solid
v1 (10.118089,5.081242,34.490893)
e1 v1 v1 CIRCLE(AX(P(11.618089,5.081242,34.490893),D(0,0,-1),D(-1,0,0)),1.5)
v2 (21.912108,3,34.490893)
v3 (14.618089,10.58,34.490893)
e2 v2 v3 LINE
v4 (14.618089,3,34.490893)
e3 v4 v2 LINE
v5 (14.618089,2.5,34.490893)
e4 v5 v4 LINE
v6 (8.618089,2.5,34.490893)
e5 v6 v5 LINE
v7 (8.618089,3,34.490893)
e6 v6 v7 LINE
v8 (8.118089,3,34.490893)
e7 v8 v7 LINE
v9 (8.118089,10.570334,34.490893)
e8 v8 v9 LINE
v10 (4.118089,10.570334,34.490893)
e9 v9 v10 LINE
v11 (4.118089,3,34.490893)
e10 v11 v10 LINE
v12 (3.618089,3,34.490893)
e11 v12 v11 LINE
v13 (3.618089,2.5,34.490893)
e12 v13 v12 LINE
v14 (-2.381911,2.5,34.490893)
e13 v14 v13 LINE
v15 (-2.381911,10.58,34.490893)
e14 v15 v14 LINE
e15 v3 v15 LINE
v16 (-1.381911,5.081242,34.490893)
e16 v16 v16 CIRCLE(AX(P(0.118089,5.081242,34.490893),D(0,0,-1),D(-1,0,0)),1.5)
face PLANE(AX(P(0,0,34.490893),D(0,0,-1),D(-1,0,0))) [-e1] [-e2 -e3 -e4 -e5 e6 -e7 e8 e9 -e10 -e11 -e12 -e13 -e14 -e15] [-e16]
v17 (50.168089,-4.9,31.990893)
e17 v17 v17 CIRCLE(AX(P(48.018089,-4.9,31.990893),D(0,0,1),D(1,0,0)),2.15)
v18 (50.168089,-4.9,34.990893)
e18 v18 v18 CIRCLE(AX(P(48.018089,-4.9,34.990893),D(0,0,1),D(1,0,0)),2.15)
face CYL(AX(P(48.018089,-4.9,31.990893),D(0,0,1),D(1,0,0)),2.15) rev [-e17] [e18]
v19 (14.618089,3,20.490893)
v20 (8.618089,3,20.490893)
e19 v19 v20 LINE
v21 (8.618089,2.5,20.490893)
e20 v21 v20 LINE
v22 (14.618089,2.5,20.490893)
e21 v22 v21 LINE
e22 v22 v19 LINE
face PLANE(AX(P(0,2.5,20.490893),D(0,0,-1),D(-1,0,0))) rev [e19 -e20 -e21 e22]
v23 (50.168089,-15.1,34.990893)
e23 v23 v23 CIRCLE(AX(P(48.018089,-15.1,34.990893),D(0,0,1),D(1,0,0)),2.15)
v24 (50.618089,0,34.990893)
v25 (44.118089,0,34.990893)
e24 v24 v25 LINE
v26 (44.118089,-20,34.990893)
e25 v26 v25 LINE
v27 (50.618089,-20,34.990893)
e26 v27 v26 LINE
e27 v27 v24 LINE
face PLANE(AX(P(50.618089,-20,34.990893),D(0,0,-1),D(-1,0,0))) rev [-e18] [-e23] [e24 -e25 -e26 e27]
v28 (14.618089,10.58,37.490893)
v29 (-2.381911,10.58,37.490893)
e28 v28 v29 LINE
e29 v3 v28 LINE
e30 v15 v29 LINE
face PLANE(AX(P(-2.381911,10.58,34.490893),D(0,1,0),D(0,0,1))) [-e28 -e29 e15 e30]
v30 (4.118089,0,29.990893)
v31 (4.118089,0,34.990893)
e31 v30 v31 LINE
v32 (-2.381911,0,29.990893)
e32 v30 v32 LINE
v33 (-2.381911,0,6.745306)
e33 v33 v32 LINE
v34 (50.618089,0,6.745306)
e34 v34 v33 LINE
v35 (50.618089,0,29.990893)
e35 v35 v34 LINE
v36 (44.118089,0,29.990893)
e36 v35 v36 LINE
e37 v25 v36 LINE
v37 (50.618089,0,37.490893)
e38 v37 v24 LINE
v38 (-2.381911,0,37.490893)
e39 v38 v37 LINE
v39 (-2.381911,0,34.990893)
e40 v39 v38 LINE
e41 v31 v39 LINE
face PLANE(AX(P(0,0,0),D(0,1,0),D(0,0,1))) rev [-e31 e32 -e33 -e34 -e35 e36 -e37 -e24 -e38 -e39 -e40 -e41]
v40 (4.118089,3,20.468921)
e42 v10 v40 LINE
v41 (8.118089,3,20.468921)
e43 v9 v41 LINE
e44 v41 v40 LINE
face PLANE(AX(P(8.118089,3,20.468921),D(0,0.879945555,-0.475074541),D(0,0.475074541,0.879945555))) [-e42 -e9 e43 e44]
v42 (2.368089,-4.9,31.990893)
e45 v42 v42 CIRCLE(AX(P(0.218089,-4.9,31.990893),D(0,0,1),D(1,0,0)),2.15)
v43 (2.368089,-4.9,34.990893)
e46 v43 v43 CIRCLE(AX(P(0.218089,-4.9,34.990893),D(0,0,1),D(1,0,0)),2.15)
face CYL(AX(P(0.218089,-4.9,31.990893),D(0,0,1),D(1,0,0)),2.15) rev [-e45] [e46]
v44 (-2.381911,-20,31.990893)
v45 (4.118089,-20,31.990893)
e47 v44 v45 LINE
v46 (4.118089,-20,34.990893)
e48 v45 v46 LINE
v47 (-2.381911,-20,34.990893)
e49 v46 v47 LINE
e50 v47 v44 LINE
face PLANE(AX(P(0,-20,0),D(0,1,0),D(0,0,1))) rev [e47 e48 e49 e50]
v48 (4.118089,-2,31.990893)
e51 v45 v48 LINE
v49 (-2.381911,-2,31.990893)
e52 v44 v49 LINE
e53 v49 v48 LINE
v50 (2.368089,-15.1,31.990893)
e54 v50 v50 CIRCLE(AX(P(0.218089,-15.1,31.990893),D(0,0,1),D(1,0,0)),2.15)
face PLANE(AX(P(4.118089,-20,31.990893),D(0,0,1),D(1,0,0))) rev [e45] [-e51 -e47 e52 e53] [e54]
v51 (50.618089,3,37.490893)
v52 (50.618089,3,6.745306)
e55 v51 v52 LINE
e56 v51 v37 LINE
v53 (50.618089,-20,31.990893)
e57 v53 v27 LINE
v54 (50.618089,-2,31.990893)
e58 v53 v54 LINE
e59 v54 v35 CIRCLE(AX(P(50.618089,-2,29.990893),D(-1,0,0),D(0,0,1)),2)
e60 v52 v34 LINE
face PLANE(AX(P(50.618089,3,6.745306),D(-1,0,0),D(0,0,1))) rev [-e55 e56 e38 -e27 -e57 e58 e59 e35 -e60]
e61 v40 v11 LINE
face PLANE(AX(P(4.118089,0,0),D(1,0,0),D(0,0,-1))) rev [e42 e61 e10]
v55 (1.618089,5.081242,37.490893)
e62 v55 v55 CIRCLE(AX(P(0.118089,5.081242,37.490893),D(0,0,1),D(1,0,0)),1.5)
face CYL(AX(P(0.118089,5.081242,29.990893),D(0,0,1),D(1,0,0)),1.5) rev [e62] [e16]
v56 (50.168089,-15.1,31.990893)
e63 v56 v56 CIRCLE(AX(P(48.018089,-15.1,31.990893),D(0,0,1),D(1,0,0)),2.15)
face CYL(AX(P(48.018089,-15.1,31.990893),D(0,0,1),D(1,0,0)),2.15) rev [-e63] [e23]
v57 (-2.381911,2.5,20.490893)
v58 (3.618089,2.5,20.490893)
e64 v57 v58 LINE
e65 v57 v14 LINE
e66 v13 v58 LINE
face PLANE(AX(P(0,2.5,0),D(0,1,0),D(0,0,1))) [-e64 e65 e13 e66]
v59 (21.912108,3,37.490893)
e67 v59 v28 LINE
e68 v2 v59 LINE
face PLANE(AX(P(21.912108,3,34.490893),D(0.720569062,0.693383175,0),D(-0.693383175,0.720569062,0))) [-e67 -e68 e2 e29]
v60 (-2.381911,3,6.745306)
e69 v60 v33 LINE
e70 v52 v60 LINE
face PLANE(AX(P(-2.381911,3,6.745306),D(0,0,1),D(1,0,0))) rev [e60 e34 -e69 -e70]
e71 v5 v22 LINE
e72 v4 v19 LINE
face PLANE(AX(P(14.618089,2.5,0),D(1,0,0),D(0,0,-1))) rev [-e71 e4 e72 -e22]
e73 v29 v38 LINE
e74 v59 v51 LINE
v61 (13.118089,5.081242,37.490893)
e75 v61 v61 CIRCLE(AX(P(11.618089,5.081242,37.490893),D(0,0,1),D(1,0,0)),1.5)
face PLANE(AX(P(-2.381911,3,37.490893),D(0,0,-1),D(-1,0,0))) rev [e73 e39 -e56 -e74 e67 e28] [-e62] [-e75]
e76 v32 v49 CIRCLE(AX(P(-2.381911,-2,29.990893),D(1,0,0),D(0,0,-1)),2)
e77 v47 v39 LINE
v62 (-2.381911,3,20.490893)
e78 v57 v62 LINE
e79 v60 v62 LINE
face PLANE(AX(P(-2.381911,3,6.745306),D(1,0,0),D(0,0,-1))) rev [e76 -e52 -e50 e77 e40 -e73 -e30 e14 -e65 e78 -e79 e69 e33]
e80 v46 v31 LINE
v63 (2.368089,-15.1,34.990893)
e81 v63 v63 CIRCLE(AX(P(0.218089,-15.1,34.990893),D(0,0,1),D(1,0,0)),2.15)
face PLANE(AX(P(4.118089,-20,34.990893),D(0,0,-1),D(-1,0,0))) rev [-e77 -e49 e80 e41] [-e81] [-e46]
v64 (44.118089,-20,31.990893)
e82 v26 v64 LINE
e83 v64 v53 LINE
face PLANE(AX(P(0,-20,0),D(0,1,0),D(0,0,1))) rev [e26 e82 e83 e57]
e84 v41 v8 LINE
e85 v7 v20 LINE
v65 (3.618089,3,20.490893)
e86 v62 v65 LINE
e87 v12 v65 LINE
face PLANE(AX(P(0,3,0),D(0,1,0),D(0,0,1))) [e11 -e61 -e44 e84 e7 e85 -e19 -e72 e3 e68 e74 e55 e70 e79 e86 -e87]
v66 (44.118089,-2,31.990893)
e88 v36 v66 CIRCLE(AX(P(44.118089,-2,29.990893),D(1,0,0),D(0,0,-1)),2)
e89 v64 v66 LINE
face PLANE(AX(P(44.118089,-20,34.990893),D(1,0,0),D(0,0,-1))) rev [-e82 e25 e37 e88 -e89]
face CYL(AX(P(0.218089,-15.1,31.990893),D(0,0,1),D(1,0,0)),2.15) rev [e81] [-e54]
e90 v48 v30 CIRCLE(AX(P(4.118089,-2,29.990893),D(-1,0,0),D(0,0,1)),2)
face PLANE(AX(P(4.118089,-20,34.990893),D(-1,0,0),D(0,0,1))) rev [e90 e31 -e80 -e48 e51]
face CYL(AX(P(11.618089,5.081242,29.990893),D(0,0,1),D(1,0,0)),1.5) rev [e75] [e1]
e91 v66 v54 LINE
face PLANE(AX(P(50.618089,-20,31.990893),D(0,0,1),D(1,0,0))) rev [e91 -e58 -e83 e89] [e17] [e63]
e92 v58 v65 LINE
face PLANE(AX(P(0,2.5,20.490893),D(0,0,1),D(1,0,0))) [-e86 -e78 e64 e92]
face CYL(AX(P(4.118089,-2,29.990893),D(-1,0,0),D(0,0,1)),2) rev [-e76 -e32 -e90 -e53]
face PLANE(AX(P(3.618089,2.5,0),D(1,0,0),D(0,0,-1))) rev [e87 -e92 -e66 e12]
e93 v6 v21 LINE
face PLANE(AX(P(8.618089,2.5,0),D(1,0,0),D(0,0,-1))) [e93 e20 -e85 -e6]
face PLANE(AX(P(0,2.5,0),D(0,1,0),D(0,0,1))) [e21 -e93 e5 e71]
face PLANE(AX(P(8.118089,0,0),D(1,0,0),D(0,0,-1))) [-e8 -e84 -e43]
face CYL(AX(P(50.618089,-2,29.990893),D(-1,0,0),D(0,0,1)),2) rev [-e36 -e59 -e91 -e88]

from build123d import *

# Parameters (mm, degrees)
SKETCH1_W                = 53
SKETCH1_H                = 30.745586227
BOSS_EXTRUDE1_DEPTH      = 3
SKETCH2_W                = 6.5
SKETCH2_H                = 3
BOSS_EXTRUDE2_DEPTH      = 20
SKETCH3_R                = 2.15
CUT_EXTRUDE1_DEPTH       = 3
SKETCH6_W                = 17
SKETCH6_H                = 7.58
BOSS_EXTRUDE3_DEPTH      = 3
SKETCH7_R                = 1.5
CUT_EXTRUDE2_DEPTH       = 7.5
SKETCH8_W                = 6
SKETCH8_H                = 14
CUT_EXTRUDE3_DEPTH       = 0.5
FILLET1_R                = 2
BOSS_EXTRUDE4_DEPTH      = 2
BOSS_EXTRUDE4_DEPTH_BACK = 2
BOSS_EXTRUDE5_DEPTH      = 3


with BuildPart() as part:
    # Sketch1 → Boss-Extrude1 (new body)
    with BuildSketch(Plane(origin=(0, 0, 0), x_dir=(1, 0, 0), z_dir=(0, 1, 0))):
        with Locations((24.118089155, -22.118099476)):
            Rectangle(SKETCH1_W, SKETCH1_H)
    extrude(amount=BOSS_EXTRUDE1_DEPTH)

    # Sketch2 → Boss-Extrude2 (add)
    with BuildSketch(Plane.XZ):
        with Locations((47.368089155, 33.49089259)):
            Rectangle(SKETCH2_W, SKETCH2_H)
        with Locations((0.868089155, 33.49089259)):
            Rectangle(SKETCH2_W, SKETCH2_H)
    extrude(amount=BOSS_EXTRUDE2_DEPTH)

    # Sketch3 → Cut-Extrude1 (cut)
    with BuildSketch(Plane.XY.offset(34.99089259)):
        with Locations((48.018089155, -15.1)):
            Circle(SKETCH3_R)
        with Locations((48.018089155, -4.9)):
            Circle(SKETCH3_R)
        with Locations((0.218089155, -15.1)):
            Circle(SKETCH3_R)
        with Locations((0.218089155, -4.9)):
            Circle(SKETCH3_R)
    extrude(amount=-CUT_EXTRUDE1_DEPTH, mode=Mode.SUBTRACT)

    # Sketch6 → Boss-Extrude3 (add)
    with BuildSketch(Plane.XY.offset(37.49089259)):
        with Locations((6.118089155, 6.79)):
            Rectangle(SKETCH6_W, SKETCH6_H)
    extrude(amount=-BOSS_EXTRUDE3_DEPTH)

    # Sketch7 → Cut-Extrude2 (cut)
    with BuildSketch(Plane.XY.offset(37.49089259)):
        with Locations((0.118089155, 5.081241932)):
            Circle(SKETCH7_R)
        with Locations((11.618089155, 5.081241932)):
            Circle(SKETCH7_R)
    extrude(amount=-CUT_EXTRUDE2_DEPTH, mode=Mode.SUBTRACT)

    # Sketch8 → Cut-Extrude3 (cut)
    with BuildSketch(Plane(origin=(0, 3, 0), x_dir=(1, 0, 0), z_dir=(0, 1, 0))):
        with Locations((11.618089155, -27.49089259)):
            Rectangle(SKETCH8_W, SKETCH8_H)
        with Locations((0.618089155, -27.49089259)):
            Rectangle(SKETCH8_W, SKETCH8_H)
    extrude(amount=-CUT_EXTRUDE3_DEPTH, mode=Mode.SUBTRACT)

    # Fillet1
    fillet1_edges = [part.edges().sort_by_distance(p)[0] for p in [
        (47.368089155, 0, 31.99089259),
        (0.868089155, 0, 31.99089259),
    ]]
    fillet(fillet1_edges, radius=FILLET1_R)

    # Sketch13 → Boss-Extrude4 (add, two sides: drawn at the far end of the back side and taken through both)
    with BuildSketch(Plane.ZY.offset(-6.118089155).offset(-BOSS_EXTRUDE4_DEPTH_BACK)):
        Polygon((34.49089259, 10.57033397), (34.49089259, 3), (20.468920989, 3), align=None)
    extrude(amount=BOSS_EXTRUDE4_DEPTH + BOSS_EXTRUDE4_DEPTH_BACK)

    # Sketch14 → Boss-Extrude5 (add)
    with BuildSketch(Plane.XY.offset(37.49089259)):
        Polygon((14.618089155, 3), (14.618089155, 10.58), (21.91210821, 3), align=None)
    extrude(amount=-BOSS_EXTRUDE5_DEPTH)


solid = part.part
